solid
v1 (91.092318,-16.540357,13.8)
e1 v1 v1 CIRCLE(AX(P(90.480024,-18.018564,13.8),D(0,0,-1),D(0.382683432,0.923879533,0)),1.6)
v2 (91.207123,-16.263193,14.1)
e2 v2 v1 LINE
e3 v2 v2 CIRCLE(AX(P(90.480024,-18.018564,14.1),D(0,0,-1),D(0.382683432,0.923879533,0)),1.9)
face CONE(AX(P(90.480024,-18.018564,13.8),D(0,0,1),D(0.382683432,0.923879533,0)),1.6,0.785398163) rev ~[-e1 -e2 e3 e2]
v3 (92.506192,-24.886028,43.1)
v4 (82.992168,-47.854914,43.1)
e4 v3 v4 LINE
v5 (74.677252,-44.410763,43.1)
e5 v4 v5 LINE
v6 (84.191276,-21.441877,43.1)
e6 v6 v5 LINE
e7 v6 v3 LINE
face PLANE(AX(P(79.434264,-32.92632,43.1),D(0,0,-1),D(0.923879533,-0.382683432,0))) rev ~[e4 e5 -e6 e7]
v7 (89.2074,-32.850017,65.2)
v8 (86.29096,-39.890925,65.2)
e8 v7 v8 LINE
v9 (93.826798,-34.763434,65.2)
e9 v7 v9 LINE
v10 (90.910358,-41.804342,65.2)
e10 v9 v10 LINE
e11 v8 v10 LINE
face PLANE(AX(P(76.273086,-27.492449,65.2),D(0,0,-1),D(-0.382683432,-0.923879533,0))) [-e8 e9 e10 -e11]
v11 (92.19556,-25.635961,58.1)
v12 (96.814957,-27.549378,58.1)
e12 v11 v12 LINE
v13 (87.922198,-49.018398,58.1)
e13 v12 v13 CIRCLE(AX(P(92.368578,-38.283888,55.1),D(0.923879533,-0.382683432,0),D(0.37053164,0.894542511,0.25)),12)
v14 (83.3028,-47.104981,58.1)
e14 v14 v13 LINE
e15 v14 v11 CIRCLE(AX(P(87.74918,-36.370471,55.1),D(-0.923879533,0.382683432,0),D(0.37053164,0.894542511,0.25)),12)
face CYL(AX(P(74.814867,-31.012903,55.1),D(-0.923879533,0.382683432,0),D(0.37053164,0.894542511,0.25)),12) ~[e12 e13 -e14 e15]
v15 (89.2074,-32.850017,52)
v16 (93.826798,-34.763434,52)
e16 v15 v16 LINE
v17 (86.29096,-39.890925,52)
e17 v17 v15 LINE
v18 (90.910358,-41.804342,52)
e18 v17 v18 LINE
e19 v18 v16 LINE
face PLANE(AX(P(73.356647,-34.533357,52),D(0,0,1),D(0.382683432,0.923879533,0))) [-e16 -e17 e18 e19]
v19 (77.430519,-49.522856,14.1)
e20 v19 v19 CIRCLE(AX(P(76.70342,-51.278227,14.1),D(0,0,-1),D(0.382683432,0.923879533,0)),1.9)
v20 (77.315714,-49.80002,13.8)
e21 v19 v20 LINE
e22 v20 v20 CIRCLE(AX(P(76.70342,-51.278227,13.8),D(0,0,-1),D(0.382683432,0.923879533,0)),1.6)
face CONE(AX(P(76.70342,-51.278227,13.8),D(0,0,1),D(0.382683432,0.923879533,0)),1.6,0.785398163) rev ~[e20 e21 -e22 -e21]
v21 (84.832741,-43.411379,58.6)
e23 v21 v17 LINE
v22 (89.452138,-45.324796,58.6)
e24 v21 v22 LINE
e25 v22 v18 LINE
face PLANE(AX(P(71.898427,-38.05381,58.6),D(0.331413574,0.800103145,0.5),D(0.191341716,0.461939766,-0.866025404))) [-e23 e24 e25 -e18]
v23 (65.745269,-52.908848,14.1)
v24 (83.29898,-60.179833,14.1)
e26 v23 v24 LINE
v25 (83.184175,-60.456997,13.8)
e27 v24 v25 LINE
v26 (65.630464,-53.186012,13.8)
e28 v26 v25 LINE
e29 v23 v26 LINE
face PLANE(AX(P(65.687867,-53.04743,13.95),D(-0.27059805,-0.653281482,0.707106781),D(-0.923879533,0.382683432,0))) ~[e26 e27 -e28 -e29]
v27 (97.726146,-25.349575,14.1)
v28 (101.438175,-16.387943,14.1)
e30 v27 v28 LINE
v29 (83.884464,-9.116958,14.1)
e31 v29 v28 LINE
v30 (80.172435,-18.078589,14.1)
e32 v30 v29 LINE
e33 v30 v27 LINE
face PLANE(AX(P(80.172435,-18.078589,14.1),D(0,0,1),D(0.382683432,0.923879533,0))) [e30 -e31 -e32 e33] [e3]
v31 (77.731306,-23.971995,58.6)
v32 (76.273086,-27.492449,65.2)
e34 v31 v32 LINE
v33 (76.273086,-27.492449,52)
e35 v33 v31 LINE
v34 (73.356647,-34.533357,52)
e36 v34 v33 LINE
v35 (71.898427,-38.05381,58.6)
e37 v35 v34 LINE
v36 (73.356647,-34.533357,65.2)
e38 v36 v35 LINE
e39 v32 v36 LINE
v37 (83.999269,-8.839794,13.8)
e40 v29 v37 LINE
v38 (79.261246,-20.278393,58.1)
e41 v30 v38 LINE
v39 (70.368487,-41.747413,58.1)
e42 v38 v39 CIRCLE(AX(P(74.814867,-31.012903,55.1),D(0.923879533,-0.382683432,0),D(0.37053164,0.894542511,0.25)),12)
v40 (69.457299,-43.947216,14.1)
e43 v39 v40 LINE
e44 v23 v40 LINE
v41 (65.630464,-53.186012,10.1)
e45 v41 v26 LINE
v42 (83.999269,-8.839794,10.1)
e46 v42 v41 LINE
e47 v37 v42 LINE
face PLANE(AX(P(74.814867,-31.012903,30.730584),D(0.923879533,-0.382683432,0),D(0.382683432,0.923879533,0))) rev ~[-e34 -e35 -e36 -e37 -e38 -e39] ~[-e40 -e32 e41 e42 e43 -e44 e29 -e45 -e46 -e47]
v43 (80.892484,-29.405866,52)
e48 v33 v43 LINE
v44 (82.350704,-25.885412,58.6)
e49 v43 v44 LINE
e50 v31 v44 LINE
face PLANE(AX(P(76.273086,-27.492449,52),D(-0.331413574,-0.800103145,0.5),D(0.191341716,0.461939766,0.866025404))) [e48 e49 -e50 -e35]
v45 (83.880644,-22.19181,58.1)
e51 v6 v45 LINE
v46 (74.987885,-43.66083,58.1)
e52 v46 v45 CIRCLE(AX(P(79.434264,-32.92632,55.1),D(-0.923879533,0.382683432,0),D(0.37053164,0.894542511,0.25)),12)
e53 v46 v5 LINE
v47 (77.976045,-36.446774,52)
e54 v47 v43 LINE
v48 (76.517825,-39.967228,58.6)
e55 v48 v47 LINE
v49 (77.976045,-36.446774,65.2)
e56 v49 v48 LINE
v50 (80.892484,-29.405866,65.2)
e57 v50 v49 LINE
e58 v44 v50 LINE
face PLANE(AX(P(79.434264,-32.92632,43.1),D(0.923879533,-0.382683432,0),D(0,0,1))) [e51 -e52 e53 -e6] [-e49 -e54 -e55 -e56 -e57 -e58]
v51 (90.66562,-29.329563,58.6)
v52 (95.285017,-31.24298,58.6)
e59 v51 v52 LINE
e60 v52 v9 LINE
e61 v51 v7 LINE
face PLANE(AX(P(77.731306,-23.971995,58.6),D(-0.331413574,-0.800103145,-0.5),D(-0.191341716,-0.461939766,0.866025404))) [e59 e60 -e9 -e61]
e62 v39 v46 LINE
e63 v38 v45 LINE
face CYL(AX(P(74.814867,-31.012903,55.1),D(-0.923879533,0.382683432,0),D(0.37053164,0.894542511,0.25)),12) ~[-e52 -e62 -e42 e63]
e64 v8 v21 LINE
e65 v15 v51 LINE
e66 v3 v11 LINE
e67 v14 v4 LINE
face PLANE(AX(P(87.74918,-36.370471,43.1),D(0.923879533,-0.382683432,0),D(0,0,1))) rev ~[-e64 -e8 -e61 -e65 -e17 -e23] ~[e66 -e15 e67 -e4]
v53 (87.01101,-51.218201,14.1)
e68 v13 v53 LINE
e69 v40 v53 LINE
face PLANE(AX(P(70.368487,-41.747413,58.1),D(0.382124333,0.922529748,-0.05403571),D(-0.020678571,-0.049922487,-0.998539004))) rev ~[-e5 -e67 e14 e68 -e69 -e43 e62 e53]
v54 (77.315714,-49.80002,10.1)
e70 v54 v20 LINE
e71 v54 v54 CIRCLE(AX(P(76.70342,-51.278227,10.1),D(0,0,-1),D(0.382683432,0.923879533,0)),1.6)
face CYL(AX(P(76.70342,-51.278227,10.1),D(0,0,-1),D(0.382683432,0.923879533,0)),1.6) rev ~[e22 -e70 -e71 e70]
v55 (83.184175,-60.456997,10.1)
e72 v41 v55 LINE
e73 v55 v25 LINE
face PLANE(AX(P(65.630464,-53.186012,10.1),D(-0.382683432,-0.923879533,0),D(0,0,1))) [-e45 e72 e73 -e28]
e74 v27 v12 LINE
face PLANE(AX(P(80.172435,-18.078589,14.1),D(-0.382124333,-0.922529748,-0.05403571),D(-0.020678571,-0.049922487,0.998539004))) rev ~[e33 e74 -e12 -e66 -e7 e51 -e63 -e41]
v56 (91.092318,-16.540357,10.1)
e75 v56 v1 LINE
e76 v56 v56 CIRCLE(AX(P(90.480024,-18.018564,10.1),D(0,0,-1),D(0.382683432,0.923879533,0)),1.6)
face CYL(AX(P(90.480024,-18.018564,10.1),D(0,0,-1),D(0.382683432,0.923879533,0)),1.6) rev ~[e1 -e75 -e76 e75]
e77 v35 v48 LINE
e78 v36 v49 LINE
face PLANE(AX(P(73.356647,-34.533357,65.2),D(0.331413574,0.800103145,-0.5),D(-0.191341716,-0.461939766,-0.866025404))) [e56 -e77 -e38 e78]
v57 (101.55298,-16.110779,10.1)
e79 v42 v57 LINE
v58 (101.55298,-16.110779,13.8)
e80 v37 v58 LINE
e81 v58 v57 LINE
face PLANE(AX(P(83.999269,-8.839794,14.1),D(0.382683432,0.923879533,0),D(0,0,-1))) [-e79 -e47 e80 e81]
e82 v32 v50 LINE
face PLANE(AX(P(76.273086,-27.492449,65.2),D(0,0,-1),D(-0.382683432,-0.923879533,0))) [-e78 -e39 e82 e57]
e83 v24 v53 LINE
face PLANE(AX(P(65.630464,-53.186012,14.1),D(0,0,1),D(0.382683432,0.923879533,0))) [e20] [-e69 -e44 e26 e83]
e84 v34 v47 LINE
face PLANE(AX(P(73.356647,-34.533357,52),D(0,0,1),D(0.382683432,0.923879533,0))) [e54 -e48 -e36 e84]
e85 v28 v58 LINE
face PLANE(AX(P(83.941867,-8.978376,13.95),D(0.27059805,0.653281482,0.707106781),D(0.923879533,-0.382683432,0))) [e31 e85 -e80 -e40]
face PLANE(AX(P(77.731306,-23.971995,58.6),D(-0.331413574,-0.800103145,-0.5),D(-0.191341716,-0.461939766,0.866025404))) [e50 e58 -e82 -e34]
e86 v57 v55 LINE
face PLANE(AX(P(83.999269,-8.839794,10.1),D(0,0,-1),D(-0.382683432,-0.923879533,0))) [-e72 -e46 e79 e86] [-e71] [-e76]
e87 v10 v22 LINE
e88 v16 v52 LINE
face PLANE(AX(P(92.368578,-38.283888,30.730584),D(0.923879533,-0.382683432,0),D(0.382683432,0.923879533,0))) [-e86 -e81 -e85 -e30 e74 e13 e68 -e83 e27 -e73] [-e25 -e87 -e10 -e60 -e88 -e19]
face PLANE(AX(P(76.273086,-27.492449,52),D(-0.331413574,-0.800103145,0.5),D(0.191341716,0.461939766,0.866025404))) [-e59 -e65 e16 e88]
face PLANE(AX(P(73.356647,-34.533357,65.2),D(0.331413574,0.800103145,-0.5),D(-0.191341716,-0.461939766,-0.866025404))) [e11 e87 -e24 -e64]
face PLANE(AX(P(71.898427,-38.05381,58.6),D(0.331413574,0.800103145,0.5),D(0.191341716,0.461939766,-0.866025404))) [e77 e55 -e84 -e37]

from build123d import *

# Parameters (mm, degrees)
PAD030_DEPTH            = 19
SKETCH090_W             = 9
SKETCH090_H             = 27
POCKET054_DEPTH         = 15
SKETCH089_R             = 1.6
POCKET053_DEPTH         = 5
CHAMFER010_SIZE         = 0.3
BODY020_PLACEMENT_ANGLE = 22.5


with BuildPart() as part:
    # Sketch088 → Pad030 (new body)
    with BuildSketch(Plane.YZ):
        with BuildLine():
            ThreePointArc((11.6189500386, 3), (0, 12), (-11.6189500386, 3))
            Line((-11.6189500386, 3), (-14, -41))
            Line((-24, -41), (-14, -41))
            Line((-24, -45), (-24, -41))
            Line((24, -45), (-24, -45))
            Line((24, -41), (24, -45))
            Line((14, -41), (24, -41))
            Line((14, -41), (11.6189500386, 3))
        make_face()
        Polygon((7.6210235533, 3.5), (3.8105117767, 10.1), (-3.8105117767, 10.1), (-7.6210235533, 3.5), (-3.8105117767, -3.1), (3.8105117767, -3.1), align=None, mode=Mode.SUBTRACT)
    extrude(amount=PAD030_DEPTH)

    # Sketch090 → Pocket054 (cut, symmetric)
    with BuildSketch(Plane.XZ):
        with Locations((9.5, 1.5)):
            Rectangle(SKETCH090_W, SKETCH090_H)
    extrude(amount=POCKET054_DEPTH, both=True, mode=Mode.SUBTRACT)

    # Sketch089 (on Face8 of Pocket054) → Pocket053 (cut)
    with BuildSketch(Plane.YX.offset(45)):
        with Locations((-18, 9.5)):
            Circle(SKETCH089_R)
        with Locations((18, 9.5)):
            Circle(SKETCH089_R)
    extrude(amount=-POCKET053_DEPTH, mode=Mode.SUBTRACT)

    # Chamfer010
    chamfer010_edges = [part.edges().sort_by_distance(p)[0] for p in [
        (9.5, 16.4, -41),
        (9.5, -19.6, -41),
        (9.5, -24, -41),
        (9.5, 24, -41),
    ]]
    chamfer(chamfer010_edges, length=CHAMFER010_SIZE)


with BuildPart() as part_1:
    # Body020 placement: moved
    add(part.part.moved(Location((74.8148666983, -31.0129027885, 55.1))).rotate(Axis((74.8148666983, -31.0129027885, 55.1), (0, 0, -1)), BODY020_PLACEMENT_ANGLE))


solid = part_1.part
